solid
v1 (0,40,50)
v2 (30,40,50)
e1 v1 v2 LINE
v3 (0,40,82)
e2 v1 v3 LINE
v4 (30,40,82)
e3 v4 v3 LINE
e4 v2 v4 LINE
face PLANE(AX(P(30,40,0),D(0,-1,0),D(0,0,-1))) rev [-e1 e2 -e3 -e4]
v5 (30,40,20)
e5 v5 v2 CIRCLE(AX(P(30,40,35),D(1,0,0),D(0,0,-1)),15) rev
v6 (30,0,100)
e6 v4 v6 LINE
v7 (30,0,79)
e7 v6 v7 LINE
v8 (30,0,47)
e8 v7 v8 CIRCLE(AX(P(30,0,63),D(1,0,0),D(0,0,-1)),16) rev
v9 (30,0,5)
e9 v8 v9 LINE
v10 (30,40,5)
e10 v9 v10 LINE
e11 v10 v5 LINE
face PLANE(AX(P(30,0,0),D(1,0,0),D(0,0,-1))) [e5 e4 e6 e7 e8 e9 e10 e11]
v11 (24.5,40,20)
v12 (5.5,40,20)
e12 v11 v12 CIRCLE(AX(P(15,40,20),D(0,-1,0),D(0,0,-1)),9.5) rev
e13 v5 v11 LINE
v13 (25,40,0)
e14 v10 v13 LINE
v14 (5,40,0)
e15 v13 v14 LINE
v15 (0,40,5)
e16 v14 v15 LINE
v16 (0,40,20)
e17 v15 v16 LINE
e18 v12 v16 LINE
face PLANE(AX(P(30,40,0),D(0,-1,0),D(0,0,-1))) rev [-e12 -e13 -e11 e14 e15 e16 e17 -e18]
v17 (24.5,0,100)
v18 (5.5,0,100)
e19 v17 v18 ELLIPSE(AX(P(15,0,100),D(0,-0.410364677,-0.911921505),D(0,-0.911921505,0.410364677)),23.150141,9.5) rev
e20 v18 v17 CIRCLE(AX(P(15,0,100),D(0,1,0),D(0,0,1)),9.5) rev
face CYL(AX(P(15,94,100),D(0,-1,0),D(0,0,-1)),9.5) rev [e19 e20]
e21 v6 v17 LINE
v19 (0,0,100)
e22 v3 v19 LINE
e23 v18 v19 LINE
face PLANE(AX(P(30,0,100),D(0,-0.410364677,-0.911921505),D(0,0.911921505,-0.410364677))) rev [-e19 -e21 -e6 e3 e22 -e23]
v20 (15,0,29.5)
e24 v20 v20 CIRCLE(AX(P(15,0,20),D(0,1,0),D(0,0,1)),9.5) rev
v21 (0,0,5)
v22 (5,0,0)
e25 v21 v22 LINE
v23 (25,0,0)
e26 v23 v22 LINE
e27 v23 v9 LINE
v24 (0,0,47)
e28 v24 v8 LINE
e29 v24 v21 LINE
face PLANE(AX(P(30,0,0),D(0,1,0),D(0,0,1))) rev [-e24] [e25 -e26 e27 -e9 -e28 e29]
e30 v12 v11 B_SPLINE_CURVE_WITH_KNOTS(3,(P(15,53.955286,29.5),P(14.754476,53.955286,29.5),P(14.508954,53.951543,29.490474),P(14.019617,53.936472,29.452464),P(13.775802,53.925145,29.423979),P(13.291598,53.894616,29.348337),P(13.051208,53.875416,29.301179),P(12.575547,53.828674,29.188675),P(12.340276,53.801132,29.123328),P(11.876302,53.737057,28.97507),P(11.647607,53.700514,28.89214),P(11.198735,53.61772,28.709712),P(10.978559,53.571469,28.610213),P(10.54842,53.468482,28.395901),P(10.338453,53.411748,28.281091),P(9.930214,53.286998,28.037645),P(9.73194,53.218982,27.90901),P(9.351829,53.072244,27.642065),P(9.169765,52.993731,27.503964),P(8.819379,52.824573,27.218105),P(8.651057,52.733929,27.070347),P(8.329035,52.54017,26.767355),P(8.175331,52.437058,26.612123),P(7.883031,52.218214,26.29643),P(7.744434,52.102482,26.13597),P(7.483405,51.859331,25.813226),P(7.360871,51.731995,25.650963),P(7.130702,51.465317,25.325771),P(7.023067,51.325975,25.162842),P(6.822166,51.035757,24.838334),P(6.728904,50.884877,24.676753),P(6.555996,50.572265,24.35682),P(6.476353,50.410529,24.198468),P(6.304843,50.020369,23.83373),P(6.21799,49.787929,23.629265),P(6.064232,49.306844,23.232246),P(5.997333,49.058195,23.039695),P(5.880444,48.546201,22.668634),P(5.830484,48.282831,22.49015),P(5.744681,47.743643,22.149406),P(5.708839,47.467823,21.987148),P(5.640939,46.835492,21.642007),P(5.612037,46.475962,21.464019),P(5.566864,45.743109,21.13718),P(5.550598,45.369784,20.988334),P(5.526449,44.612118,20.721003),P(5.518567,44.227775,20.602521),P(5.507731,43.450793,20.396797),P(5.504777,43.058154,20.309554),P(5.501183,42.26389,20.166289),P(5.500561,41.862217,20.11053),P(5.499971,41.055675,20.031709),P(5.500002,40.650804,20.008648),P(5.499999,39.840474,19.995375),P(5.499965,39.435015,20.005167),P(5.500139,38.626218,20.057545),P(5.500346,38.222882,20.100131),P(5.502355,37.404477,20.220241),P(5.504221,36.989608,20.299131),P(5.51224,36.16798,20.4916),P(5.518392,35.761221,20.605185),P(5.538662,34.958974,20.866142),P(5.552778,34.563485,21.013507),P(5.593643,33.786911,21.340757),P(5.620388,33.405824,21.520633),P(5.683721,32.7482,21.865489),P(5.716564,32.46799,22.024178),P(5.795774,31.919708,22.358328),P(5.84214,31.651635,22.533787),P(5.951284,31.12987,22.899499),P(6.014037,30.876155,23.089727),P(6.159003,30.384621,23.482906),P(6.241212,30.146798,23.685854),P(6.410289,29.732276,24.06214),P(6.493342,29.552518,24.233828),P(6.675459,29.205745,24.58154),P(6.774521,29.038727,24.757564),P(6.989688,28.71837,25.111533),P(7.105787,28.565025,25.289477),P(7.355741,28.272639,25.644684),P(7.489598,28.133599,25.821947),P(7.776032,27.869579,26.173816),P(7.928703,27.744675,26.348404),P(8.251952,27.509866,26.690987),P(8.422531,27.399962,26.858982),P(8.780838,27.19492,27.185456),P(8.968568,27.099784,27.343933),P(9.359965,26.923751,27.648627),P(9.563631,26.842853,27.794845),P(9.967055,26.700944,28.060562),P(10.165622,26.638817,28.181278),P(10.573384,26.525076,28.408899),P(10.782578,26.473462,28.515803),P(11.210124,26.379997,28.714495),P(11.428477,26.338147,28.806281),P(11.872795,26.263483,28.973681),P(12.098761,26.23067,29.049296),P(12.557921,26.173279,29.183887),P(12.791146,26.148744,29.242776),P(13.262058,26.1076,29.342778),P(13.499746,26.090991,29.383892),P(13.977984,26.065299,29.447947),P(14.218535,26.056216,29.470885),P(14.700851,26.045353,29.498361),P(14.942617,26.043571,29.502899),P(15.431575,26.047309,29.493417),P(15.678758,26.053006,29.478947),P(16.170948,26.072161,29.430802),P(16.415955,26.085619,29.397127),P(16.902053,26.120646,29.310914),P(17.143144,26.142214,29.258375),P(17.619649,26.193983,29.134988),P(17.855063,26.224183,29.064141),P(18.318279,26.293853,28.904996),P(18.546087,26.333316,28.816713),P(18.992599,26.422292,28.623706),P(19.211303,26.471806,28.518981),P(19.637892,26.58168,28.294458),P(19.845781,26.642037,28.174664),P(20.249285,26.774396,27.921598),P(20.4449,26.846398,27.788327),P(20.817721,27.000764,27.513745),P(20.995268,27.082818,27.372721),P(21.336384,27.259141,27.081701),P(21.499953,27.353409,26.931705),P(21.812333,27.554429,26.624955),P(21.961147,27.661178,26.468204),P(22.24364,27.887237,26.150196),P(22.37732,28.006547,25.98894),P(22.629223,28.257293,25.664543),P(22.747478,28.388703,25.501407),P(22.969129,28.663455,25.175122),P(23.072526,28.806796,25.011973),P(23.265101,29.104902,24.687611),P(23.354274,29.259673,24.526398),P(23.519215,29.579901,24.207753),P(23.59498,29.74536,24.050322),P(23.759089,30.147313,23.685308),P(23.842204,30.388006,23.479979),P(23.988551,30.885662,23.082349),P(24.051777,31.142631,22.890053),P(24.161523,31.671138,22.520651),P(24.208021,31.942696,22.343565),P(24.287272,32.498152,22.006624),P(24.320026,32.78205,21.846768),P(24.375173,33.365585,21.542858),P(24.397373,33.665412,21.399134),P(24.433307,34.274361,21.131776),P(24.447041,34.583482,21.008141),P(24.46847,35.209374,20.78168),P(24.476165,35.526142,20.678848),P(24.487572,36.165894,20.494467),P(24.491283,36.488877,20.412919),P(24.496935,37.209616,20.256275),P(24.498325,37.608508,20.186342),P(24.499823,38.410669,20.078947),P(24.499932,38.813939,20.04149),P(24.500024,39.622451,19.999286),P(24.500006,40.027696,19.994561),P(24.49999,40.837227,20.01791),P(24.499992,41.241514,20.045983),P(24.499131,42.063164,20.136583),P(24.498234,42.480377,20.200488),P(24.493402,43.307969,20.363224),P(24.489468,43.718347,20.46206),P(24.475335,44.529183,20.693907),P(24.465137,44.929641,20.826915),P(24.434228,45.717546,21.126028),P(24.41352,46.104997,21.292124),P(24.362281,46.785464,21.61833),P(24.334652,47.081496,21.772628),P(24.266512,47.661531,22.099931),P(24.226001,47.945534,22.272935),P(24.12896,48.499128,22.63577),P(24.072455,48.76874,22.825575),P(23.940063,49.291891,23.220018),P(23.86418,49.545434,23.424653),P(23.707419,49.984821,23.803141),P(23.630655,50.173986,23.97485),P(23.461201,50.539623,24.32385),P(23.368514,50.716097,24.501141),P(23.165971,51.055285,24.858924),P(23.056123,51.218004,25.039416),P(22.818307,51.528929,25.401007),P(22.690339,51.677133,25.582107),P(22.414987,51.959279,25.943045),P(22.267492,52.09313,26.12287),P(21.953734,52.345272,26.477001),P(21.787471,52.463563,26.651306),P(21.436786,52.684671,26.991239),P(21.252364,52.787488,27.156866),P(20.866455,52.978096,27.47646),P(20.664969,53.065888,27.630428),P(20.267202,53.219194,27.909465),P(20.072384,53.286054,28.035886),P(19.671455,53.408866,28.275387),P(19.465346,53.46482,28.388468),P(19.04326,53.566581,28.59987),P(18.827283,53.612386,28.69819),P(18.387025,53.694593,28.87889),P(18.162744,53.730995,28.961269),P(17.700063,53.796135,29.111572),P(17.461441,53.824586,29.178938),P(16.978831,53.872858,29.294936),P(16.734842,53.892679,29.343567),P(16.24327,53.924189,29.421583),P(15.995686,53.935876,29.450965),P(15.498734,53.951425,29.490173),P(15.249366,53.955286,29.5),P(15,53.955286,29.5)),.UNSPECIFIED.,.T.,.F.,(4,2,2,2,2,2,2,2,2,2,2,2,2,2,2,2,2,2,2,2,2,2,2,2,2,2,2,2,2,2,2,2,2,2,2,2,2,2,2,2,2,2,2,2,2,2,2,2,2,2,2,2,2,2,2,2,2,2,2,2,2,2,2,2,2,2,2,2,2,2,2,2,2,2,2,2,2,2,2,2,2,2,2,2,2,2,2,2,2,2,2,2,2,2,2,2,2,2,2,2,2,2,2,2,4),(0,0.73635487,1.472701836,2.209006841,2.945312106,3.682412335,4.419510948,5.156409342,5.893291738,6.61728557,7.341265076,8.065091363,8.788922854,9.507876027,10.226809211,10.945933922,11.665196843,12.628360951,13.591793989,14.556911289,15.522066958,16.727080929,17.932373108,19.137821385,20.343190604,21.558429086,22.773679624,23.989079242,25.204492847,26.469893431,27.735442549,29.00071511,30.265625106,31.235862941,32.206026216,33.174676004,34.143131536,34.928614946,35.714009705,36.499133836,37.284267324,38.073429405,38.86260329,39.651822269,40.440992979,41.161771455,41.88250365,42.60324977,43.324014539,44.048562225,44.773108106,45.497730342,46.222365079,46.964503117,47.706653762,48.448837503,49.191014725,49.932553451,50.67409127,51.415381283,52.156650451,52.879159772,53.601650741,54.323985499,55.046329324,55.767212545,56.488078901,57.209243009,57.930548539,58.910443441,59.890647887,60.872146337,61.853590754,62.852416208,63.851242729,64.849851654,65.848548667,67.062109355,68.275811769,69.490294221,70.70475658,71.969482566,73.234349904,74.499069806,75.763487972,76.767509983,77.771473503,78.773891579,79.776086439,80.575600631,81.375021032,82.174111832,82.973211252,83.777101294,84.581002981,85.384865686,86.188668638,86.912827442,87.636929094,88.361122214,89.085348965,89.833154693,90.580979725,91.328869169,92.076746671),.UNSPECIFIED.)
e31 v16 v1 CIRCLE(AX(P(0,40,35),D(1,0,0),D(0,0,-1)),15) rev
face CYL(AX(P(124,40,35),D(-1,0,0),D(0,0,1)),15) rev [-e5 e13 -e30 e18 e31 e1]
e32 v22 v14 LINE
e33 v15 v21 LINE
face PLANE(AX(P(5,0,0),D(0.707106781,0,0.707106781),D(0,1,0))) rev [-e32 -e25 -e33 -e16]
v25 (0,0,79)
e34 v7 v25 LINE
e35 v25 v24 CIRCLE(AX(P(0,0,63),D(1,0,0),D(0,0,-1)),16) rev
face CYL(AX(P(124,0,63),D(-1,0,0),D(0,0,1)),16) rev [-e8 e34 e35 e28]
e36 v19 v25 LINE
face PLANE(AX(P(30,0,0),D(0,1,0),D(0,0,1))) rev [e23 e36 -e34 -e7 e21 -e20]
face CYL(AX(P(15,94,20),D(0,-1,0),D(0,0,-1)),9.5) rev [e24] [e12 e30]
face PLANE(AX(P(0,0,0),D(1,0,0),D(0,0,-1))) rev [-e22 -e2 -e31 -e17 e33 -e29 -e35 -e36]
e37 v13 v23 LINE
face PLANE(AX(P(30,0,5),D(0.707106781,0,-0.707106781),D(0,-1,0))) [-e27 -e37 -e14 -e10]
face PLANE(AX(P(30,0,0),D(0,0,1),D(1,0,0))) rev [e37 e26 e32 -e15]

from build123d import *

# Parameters (mm, degrees)
SALIENTE_EXTRUIR1_DEPTH    = 30
CORTAR_EXTRUIR1_DEPTH      = 54
CORTAR_EXTRUIR1_DEPTH_BACK = 94
CROQUIS2_R                 = 9.5
CORTAR_EXTRUIR2_DEPTH      = 94
CORTAR_EXTRUIR2_DEPTH_BACK = 94
CROQUIS3_R                 = 15
CROQUIS3_R_2               = 16
CHAFL_N1_SIZE              = 5


with BuildPart() as part:
    # Croquis1 → Saliente-Extruir1 (new body)
    with BuildSketch(Plane(origin=(0, 0, 0), x_dir=(0, 0, -1), z_dir=(1, 0, 0))):
        Polygon((-100, 0), (-82, 40), (0, 40), (0, 0), align=None)
    extrude(amount=SALIENTE_EXTRUIR1_DEPTH)

    # Croquis2 → Cortar-Extruir1 (cut, two sides: drawn at the far end of the back side and taken through both)
    with BuildSketch(Plane(origin=(0, 40, 0), x_dir=(1, 0, 0), z_dir=(0, 1, 0)).offset(-CORTAR_EXTRUIR1_DEPTH_BACK)):
        with Locations((15, -100)):
            Circle(CROQUIS2_R)
        with Locations((15, -20)):
            Circle(CROQUIS2_R)
    extrude(amount=CORTAR_EXTRUIR1_DEPTH + CORTAR_EXTRUIR1_DEPTH_BACK, mode=Mode.SUBTRACT)

    # Croquis3 → Cortar-Extruir2 (cut, two sides: drawn at the far end of the back side and taken through both)
    with BuildSketch(Plane(origin=(30, 0, 0), x_dir=(0, 0, -1), z_dir=(1, 0, 0)).offset(-CORTAR_EXTRUIR2_DEPTH_BACK)):
        with Locations((-35, 40)):
            Circle(CROQUIS3_R)
        with Locations((-63, 0)):
            Circle(CROQUIS3_R_2)
    extrude(amount=CORTAR_EXTRUIR2_DEPTH + CORTAR_EXTRUIR2_DEPTH_BACK, mode=Mode.SUBTRACT)

    # Chaflán1
    chafl_n1_edges = [part.edges().sort_by_distance(p)[0] for p in [
        (0, 20, 0),
        (30, 20, 0),
    ]]
    chamfer(chafl_n1_edges, length=CHAFL_N1_SIZE)


solid = part.part
